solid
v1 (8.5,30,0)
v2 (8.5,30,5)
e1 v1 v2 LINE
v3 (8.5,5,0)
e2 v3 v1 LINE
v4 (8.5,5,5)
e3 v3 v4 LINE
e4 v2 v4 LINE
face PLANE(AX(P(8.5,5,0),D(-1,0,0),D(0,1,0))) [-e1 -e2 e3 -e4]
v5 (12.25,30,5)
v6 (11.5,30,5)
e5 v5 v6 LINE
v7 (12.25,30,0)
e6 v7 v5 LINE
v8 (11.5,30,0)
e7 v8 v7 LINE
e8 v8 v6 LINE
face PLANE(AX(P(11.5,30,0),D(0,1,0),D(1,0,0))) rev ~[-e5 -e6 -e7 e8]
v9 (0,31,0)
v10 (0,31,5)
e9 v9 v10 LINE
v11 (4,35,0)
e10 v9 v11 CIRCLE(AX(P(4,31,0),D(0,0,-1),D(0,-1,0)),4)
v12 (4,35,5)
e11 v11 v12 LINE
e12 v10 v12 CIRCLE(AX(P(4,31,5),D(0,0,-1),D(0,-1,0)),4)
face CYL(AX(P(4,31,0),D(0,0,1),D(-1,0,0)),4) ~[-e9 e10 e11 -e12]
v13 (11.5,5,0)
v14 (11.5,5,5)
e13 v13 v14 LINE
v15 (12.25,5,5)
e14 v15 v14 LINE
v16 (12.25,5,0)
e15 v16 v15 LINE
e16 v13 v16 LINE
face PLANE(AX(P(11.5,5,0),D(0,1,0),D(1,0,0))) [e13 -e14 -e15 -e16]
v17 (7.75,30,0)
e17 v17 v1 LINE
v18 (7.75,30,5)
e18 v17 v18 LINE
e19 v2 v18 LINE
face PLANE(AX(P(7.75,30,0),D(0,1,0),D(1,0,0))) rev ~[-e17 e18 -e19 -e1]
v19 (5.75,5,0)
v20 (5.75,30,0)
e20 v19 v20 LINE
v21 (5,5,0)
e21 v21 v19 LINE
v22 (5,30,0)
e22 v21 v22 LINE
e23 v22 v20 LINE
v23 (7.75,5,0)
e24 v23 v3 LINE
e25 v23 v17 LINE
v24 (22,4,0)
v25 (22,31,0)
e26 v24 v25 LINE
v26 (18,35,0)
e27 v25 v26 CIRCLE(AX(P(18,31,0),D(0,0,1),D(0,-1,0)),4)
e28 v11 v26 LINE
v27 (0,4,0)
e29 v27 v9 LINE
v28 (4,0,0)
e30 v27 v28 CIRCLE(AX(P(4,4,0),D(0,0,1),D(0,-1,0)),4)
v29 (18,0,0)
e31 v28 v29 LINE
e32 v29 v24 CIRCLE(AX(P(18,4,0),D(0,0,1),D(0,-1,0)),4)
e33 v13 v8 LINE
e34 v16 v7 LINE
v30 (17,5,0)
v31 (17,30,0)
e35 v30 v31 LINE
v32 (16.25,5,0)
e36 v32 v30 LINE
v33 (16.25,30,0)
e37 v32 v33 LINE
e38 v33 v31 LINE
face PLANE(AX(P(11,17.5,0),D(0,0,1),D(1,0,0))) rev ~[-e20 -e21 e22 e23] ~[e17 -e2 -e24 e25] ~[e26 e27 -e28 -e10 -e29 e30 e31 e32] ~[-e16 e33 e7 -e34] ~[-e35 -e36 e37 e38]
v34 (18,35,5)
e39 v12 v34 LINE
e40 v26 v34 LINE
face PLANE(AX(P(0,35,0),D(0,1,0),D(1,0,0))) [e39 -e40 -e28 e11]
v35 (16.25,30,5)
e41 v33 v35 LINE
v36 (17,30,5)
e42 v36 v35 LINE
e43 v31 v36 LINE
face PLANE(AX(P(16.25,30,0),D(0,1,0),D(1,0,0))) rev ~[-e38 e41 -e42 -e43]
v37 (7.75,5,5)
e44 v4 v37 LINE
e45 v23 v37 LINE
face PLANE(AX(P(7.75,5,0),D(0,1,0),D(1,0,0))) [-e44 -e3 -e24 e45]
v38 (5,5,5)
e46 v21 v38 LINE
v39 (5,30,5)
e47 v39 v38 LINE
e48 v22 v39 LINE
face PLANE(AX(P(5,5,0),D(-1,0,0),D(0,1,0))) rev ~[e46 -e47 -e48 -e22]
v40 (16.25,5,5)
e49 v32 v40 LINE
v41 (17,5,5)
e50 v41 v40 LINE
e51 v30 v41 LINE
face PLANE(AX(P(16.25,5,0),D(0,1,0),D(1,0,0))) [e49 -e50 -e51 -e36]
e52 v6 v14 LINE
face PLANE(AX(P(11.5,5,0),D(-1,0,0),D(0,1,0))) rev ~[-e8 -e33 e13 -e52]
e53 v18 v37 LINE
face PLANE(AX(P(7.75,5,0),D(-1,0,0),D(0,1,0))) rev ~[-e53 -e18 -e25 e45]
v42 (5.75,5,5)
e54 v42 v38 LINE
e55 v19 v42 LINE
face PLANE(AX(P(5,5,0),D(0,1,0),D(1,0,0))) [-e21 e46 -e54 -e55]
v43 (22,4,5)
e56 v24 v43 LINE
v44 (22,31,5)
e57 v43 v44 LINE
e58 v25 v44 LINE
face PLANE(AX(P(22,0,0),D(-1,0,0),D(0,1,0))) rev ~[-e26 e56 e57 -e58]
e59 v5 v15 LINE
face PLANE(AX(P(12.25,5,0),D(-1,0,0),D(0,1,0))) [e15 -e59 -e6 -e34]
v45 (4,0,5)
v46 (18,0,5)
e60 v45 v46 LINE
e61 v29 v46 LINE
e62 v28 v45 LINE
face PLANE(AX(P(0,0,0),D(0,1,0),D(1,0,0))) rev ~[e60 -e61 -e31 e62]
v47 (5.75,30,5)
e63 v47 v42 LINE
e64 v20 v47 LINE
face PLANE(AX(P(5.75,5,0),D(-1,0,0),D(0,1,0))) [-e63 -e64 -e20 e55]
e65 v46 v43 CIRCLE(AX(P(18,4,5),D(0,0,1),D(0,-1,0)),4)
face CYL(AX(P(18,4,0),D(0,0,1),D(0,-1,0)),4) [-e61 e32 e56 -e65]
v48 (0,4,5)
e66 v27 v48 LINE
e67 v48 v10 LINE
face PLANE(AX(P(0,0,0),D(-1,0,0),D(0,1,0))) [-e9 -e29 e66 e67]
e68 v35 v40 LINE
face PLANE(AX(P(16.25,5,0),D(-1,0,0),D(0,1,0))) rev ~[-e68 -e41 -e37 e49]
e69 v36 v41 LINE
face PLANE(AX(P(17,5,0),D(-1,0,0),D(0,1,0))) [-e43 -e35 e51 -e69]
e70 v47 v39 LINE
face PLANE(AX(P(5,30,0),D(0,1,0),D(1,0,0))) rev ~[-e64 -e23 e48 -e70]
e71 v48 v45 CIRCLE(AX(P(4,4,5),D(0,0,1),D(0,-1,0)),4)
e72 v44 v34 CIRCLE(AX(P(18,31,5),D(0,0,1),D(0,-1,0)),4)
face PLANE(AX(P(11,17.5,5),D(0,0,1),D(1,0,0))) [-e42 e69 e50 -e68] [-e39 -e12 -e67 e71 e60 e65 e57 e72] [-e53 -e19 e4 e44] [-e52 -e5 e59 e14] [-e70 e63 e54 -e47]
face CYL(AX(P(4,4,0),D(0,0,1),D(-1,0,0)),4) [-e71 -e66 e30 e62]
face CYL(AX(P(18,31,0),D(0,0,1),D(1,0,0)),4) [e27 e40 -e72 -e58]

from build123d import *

# Parameters (mm, degrees)
BOX002_W     = 0.75
BOX002_H     = 25
BOX002_DEPTH = 10
BOX003_W     = 0.75
BOX003_H     = 25
BOX003_DEPTH = 10
BOX004_W     = 0.75
BOX004_H     = 25
BOX004_DEPTH = 10
BOX001_W     = 0.75
BOX001_H     = 25
BOX001_DEPTH = 10
BOX_W        = 22
BOX_H        = 35
BOX_DEPTH    = 5
FILLET_R     = 4


with BuildPart() as cube002:
    # Box002 → Box002 (new body)
    with BuildSketch(Plane(origin=(11.5, 5, 0), x_dir=(1, 0, 0), z_dir=(0, 0, 1))):
        with Locations((0.375, 12.5)):
            Rectangle(BOX002_W, BOX002_H)
    extrude(amount=BOX002_DEPTH)


with BuildPart() as cube003:
    # Box003 → Box003 (new body)
    with BuildSketch(Plane(origin=(7.75, 5, 0), x_dir=(1, 0, 0), z_dir=(0, 0, 1))):
        with Locations((0.375, 12.5)):
            Rectangle(BOX003_W, BOX003_H)
    extrude(amount=BOX003_DEPTH)


with BuildPart() as cube004:
    # Box004 → Box004 (new body)
    with BuildSketch(Plane(origin=(16.25, 5, 0), x_dir=(1, 0, 0), z_dir=(0, 0, 1))):
        with Locations((0.375, 12.5)):
            Rectangle(BOX004_W, BOX004_H)
    extrude(amount=BOX004_DEPTH)


with BuildPart() as fusion:
    # Box001 → Box001 (new body)
    with BuildSketch(Plane(origin=(5, 5, 0), x_dir=(1, 0, 0), z_dir=(0, 0, 1))):
        with Locations((0.375, 12.5)):
            Rectangle(BOX001_W, BOX001_H)
    extrude(amount=BOX001_DEPTH)

    # Fusion: union Cube002, Cube003, Cube004
    add(cube002.part)
    add(cube003.part)
    add(cube004.part)


with BuildPart() as cut:
    # Box → Box (new body)
    with BuildSketch(Plane.XY):
        with Locations((11, 17.5)):
            Rectangle(BOX_W, BOX_H)
    extrude(amount=BOX_DEPTH)

    # Fillet
    fillet_edges = [cut.edges().sort_by_distance(p)[0] for p in [
        (0, 0, 2.5),
        (0, 35, 2.5),
        (22, 0, 2.5),
        (22, 35, 2.5),
    ]]
    fillet(fillet_edges, radius=FILLET_R)

    # Cut: cut Fusion
    add(fusion.part, mode=Mode.SUBTRACT)


solid = cut.part
